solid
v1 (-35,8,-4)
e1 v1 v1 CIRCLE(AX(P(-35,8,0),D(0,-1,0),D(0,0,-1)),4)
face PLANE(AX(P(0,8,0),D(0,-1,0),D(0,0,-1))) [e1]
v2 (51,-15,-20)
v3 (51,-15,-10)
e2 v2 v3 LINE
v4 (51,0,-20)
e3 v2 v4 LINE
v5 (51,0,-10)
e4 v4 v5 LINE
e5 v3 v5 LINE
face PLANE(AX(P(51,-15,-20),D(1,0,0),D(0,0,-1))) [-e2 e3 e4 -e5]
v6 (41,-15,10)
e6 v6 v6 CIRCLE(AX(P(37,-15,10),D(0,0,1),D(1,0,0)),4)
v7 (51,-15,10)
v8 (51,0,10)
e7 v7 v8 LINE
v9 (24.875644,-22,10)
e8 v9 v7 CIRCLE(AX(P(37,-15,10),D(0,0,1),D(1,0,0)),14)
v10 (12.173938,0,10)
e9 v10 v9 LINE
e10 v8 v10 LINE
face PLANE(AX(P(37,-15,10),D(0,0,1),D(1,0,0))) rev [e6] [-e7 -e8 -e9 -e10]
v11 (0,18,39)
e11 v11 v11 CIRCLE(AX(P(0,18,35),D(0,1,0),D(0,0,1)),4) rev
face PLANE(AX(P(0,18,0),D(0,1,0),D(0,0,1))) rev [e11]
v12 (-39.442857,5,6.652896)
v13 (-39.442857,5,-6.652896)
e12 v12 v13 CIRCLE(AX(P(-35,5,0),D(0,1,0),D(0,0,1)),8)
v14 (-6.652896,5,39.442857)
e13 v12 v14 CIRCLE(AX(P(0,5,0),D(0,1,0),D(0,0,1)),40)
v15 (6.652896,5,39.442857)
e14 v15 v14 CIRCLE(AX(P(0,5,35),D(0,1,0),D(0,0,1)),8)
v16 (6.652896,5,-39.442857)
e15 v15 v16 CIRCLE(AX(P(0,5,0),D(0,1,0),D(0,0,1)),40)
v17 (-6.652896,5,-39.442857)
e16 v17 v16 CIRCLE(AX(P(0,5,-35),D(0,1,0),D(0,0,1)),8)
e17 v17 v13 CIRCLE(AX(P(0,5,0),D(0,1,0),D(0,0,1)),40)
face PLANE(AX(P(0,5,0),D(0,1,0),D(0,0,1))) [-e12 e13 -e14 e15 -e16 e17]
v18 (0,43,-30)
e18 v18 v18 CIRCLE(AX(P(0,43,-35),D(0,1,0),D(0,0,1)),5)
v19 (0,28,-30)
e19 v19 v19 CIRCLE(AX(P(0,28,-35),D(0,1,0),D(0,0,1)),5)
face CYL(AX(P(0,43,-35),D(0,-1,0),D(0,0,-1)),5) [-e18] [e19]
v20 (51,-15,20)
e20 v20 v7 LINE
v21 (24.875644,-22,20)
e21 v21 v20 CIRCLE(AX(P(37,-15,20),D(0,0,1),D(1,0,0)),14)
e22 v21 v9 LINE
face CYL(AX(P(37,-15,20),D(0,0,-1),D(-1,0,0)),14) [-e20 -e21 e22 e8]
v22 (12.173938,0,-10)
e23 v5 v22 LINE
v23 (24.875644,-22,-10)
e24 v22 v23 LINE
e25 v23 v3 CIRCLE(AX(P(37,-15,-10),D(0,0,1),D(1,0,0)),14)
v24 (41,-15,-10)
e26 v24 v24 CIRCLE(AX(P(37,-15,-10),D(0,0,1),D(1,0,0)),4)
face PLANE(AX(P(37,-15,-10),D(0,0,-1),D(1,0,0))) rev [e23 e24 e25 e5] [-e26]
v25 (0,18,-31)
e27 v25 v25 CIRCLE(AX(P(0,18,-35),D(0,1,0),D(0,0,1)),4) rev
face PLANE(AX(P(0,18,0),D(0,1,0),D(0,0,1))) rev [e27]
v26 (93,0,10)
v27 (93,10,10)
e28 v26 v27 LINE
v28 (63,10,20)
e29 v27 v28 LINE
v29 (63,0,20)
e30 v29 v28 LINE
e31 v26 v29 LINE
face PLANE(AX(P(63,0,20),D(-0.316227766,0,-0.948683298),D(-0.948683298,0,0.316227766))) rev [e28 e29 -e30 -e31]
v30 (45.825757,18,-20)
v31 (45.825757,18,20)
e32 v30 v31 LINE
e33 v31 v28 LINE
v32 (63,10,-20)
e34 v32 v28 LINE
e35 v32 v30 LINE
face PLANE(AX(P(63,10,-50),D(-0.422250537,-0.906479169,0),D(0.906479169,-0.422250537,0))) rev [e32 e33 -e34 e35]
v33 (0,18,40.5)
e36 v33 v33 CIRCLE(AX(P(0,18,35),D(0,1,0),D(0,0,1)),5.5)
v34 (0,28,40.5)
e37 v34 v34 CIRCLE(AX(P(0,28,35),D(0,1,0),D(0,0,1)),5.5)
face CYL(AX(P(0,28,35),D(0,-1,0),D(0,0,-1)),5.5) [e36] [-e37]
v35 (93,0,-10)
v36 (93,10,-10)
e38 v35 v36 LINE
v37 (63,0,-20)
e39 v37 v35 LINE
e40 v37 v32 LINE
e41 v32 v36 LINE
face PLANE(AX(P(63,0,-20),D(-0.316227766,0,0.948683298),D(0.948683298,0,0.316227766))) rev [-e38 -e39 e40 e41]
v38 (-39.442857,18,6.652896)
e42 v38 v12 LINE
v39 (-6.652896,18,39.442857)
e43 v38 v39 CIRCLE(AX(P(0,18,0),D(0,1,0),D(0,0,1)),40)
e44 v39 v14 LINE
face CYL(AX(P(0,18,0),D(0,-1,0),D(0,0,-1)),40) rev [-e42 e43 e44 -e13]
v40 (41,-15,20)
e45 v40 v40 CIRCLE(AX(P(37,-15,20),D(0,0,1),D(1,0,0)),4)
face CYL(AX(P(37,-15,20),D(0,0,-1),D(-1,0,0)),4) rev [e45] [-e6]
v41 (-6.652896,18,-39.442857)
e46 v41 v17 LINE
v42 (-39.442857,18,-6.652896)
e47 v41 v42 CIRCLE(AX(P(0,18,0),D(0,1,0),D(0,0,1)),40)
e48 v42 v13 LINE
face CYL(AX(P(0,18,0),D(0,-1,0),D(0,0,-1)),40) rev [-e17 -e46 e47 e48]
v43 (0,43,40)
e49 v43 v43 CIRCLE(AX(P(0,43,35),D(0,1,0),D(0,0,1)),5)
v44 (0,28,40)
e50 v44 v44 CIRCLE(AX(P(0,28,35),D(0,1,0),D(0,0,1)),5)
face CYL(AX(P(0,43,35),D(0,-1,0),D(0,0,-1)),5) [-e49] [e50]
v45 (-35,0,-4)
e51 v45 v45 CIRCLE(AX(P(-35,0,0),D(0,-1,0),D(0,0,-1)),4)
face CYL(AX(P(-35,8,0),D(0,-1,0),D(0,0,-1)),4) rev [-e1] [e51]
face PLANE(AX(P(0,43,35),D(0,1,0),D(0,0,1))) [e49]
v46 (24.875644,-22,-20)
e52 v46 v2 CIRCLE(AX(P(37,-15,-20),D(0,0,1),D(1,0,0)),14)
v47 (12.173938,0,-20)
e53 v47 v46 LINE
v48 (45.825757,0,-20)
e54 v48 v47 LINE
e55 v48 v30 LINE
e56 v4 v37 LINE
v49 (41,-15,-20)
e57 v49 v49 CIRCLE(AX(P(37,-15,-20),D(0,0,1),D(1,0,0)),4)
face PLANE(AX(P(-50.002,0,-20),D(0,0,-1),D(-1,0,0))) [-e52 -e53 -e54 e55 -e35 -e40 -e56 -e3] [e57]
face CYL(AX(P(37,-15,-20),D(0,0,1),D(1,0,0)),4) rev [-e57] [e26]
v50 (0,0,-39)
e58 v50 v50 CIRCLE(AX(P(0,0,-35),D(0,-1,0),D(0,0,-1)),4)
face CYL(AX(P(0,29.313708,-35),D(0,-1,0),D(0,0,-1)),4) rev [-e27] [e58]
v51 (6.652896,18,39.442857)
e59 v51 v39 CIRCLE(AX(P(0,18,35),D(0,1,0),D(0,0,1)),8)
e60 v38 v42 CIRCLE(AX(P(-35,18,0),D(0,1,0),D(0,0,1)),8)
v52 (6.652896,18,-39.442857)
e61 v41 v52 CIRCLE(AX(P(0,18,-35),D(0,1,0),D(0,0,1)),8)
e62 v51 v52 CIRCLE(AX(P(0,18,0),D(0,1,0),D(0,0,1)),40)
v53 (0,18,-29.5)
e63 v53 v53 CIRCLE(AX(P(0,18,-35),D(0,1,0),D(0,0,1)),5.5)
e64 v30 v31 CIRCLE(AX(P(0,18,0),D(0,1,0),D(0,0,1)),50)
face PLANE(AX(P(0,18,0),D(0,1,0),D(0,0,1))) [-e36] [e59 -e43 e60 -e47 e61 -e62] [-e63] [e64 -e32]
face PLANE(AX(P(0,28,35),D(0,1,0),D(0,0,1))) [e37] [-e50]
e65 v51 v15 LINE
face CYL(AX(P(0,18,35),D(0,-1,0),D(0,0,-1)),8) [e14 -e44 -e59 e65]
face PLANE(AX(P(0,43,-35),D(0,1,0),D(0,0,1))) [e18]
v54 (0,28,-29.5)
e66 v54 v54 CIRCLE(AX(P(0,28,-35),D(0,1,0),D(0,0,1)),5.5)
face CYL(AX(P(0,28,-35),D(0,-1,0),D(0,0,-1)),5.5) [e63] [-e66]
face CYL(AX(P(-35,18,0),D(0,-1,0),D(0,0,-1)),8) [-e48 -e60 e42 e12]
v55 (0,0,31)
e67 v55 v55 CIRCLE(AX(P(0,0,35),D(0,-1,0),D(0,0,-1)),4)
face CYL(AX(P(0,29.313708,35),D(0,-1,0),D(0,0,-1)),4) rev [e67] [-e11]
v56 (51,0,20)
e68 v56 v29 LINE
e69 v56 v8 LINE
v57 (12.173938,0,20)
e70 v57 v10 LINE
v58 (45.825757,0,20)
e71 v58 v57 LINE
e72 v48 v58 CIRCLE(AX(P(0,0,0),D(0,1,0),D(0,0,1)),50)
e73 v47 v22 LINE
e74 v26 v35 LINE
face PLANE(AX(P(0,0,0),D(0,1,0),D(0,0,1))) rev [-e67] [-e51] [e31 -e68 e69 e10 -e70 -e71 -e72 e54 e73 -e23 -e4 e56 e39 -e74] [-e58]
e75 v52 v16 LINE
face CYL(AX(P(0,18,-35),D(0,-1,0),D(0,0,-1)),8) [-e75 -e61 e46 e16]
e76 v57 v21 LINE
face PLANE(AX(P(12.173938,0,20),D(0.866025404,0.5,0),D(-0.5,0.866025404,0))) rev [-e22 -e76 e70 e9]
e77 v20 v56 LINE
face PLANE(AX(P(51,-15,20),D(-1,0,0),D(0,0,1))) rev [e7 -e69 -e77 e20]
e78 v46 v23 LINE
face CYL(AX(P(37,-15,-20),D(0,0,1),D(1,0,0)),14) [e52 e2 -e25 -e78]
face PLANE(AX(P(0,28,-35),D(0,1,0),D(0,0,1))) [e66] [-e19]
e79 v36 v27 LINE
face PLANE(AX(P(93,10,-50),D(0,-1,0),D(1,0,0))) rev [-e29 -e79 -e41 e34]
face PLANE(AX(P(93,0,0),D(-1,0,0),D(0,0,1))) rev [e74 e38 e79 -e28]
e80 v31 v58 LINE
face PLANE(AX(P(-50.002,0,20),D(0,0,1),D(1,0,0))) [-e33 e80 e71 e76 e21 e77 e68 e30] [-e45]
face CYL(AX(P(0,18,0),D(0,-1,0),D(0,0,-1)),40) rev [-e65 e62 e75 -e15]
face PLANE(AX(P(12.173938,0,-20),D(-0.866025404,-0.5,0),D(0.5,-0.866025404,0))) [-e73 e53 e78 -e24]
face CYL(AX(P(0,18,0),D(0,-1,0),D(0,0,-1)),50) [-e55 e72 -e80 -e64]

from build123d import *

# Parameters (mm, degrees)
SKETCH1_R                = 50
BOSS_EXTRUDE1_DEPTH      = 18
CUT_EXTRUDE1_START       = 5
CUT_EXTRUDE1_DEPTH       = 68.965745388
BOSS_EXTRUDE2_START      = 18
SKETCH1_4_R              = 5.5
BOSS_EXTRUDE2_DEPTH      = 10
BOSS_EXTRUDE3_START      = 28
SKETCH1_5_R              = 5
BOSS_EXTRUDE3_DEPTH      = 15
SKETCH3_R                = 4
CUT_EXTRUDE2_DEPTH       = 18
SKETCH3_3_R              = 4
CUT_EXTRUDE3_DEPTH       = 8
BOSS_EXTRUDE4_REACH      = 159.474
BOSS_EXTRUDE4_END_RADIUS = 50
SKETCH5_W                = 40
SKETCH5_H                = 18
CUT_EXTRUDE4_DEPTH       = 125.088677969
CUT_EXTRUDE5_DEPTH       = 111.625494349
BOSS_EXTRUDE5_START      = 10
SKETCH8_R                = 4
BOSS_EXTRUDE5_DEPTH      = 10


with BuildPart() as part:
    # Sketch1 → Boss-Extrude1 (new body)
    with BuildSketch(Plane(origin=(0, 0, 0), x_dir=(1, 0, 0), z_dir=(0, 1, 0))):
        with Locations(Location((0, 0, 0), (0, 0, 270))):
            Circle(SKETCH1_R)
    extrude(amount=BOSS_EXTRUDE1_DEPTH)

    # Sketch1<3> → Cut-Extrude1 (cut, through all)
    with BuildSketch(Plane(origin=(0, 0, 0), x_dir=(1, 0, 0), z_dir=(0, 1, 0)).offset(CUT_EXTRUDE1_START)):
        with BuildLine():
            ThreePointArc((6.652895641, -39.442857143), (30.545996674, -25.825221919), (40, 0))
            ThreePointArc((40, 0), (30.545996674, 25.825221919), (6.652895641, 39.442857143))
            ThreePointArc((6.652895641, 39.442857143), (7.655820176, 37.321296499), (8, 35))
            ThreePointArc((8, 35), (-2.321296499, 27.344179824), (-6.652895641, 39.442857143))
            ThreePointArc((-6.652895641, 39.442857143), (-28.284271247, 28.284271247), (-39.442857143, 6.652895641))
            ThreePointArc((-39.442857143, 6.652895641), (-31.227922134, 7.054886857), (-27, 0))
            ThreePointArc((-27, 0), (-31.227922134, -7.054886857), (-39.442857143, -6.652895641))
            ThreePointArc((-39.442857143, -6.652895641), (-28.284271247, -28.284271247), (-6.652895641, -39.442857143))
            ThreePointArc((-6.652895641, -39.442857143), (-2.321296499, -27.344179824), (8, -35))
            ThreePointArc((8, -35), (7.655820176, -37.321296499), (6.652895641, -39.442857143))
        make_face()
    extrude(amount=CUT_EXTRUDE1_DEPTH, mode=Mode.SUBTRACT)

    # Sketch1<4> → Boss-Extrude2 (add)
    with BuildSketch(Plane(origin=(0, 0, 0), x_dir=(1, 0, 0), z_dir=(0, 1, 0)).offset(BOSS_EXTRUDE2_START)):
        with Locations(Location((0, 35, 0), (0, 0, 270))):
            Circle(SKETCH1_4_R)
        with Locations(Location((0, -35, 0), (0, 0, 270))):
            Circle(SKETCH1_4_R)
    extrude(amount=BOSS_EXTRUDE2_DEPTH)

    # Sketch1<5> → Boss-Extrude3 (add)
    with BuildSketch(Plane(origin=(0, 0, 0), x_dir=(1, 0, 0), z_dir=(0, 1, 0)).offset(BOSS_EXTRUDE3_START)):
        with Locations(Location((0, 35, 0), (0, 0, 270))):
            Circle(SKETCH1_5_R)
        with Locations(Location((0, -35, 0), (0, 0, 270))):
            Circle(SKETCH1_5_R)
    extrude(amount=BOSS_EXTRUDE3_DEPTH)

    # Sketch3 → Cut-Extrude2 (cut)
    with BuildSketch(Plane.XZ):
        with Locations(Location((0, 35, 0), (0, 0, 270))):
            Circle(SKETCH3_R)
        with Locations(Location((0, -35, 0), (0, 0, 270))):
            Circle(SKETCH3_R)
    extrude(amount=-CUT_EXTRUDE2_DEPTH, mode=Mode.SUBTRACT)

    # Sketch3<3> → Cut-Extrude3 (cut)
    with BuildSketch(Plane.XZ):
        with Locations(Location((-35, 0, 0), (0, 0, 270))):
            Circle(SKETCH3_3_R)
    extrude(amount=-CUT_EXTRUDE3_DEPTH, mode=Mode.SUBTRACT)

    # Boss-Extrude4: up to this cylinder (the profile starts outside it)
    boss_extrude4_end = Plane(origin=(0, 9, 0), z_dir=(0, -1, 0)) * Cylinder(BOSS_EXTRUDE4_END_RADIUS, 419.948, mode=Mode.PRIVATE)
    # Sketch5 → Boss-Extrude4 (add, up to the surface)
    with BuildSketch(Plane(origin=(93, 0, 0), x_dir=(0, 0, -1), z_dir=(1, 0, 0)), mode=Mode.PRIVATE) as boss_extrude4_sk1:
        with Locations((0, 9)):
            Rectangle(SKETCH5_W, SKETCH5_H)
    boss_extrude4_tool1 = extrude(boss_extrude4_sk1.sketch, amount=-BOSS_EXTRUDE4_REACH, mode=Mode.PRIVATE) - boss_extrude4_end
    add(boss_extrude4_tool1.solids().sort_by_distance((93, 9, 0))[0])

    # Sketch6 → Cut-Extrude4 (cut, through all)
    with BuildSketch(Plane.XY.offset(20)):
        Polygon((93, 10), (63, 10), (45.82575695, 18), (93, 18), align=None)
    extrude(amount=-CUT_EXTRUDE4_DEPTH, mode=Mode.SUBTRACT)

    # Sketch7 → Cut-Extrude5 (cut, through all)
    with BuildSketch(Plane(origin=(0, 10, 0), x_dir=(1, 0, 0), z_dir=(0, 1, 0))):
        Polygon((63, 20), (93, 10), (93, 20), align=None)
        Polygon((93, -10), (93, -20), (63, -20), align=None)
    extrude(amount=-CUT_EXTRUDE5_DEPTH, mode=Mode.SUBTRACT)

    # Sketch8 → Boss-Extrude5 (add)
    with BuildSketch(Plane.XY.offset(BOSS_EXTRUDE5_START)):
        with BuildLine():
            Line((12.173938425, 0), (24.875644347, -22))
            ThreePointArc((24.875644347, -22), (40.623466631, -28.522961568), (51, -15))
            Line((51, -15), (51, 0))
            Line((51, 0), (12.173938425, 0))
        make_face()
        with Locations((37, -15)):
            Circle(SKETCH8_R, mode=Mode.SUBTRACT)
    boss_extrude5 = extrude(amount=BOSS_EXTRUDE5_DEPTH)

    # Mirror1: Boss-Extrude5 across plane
    add(boss_extrude5.mirror(Plane.XY))


solid = part.part
